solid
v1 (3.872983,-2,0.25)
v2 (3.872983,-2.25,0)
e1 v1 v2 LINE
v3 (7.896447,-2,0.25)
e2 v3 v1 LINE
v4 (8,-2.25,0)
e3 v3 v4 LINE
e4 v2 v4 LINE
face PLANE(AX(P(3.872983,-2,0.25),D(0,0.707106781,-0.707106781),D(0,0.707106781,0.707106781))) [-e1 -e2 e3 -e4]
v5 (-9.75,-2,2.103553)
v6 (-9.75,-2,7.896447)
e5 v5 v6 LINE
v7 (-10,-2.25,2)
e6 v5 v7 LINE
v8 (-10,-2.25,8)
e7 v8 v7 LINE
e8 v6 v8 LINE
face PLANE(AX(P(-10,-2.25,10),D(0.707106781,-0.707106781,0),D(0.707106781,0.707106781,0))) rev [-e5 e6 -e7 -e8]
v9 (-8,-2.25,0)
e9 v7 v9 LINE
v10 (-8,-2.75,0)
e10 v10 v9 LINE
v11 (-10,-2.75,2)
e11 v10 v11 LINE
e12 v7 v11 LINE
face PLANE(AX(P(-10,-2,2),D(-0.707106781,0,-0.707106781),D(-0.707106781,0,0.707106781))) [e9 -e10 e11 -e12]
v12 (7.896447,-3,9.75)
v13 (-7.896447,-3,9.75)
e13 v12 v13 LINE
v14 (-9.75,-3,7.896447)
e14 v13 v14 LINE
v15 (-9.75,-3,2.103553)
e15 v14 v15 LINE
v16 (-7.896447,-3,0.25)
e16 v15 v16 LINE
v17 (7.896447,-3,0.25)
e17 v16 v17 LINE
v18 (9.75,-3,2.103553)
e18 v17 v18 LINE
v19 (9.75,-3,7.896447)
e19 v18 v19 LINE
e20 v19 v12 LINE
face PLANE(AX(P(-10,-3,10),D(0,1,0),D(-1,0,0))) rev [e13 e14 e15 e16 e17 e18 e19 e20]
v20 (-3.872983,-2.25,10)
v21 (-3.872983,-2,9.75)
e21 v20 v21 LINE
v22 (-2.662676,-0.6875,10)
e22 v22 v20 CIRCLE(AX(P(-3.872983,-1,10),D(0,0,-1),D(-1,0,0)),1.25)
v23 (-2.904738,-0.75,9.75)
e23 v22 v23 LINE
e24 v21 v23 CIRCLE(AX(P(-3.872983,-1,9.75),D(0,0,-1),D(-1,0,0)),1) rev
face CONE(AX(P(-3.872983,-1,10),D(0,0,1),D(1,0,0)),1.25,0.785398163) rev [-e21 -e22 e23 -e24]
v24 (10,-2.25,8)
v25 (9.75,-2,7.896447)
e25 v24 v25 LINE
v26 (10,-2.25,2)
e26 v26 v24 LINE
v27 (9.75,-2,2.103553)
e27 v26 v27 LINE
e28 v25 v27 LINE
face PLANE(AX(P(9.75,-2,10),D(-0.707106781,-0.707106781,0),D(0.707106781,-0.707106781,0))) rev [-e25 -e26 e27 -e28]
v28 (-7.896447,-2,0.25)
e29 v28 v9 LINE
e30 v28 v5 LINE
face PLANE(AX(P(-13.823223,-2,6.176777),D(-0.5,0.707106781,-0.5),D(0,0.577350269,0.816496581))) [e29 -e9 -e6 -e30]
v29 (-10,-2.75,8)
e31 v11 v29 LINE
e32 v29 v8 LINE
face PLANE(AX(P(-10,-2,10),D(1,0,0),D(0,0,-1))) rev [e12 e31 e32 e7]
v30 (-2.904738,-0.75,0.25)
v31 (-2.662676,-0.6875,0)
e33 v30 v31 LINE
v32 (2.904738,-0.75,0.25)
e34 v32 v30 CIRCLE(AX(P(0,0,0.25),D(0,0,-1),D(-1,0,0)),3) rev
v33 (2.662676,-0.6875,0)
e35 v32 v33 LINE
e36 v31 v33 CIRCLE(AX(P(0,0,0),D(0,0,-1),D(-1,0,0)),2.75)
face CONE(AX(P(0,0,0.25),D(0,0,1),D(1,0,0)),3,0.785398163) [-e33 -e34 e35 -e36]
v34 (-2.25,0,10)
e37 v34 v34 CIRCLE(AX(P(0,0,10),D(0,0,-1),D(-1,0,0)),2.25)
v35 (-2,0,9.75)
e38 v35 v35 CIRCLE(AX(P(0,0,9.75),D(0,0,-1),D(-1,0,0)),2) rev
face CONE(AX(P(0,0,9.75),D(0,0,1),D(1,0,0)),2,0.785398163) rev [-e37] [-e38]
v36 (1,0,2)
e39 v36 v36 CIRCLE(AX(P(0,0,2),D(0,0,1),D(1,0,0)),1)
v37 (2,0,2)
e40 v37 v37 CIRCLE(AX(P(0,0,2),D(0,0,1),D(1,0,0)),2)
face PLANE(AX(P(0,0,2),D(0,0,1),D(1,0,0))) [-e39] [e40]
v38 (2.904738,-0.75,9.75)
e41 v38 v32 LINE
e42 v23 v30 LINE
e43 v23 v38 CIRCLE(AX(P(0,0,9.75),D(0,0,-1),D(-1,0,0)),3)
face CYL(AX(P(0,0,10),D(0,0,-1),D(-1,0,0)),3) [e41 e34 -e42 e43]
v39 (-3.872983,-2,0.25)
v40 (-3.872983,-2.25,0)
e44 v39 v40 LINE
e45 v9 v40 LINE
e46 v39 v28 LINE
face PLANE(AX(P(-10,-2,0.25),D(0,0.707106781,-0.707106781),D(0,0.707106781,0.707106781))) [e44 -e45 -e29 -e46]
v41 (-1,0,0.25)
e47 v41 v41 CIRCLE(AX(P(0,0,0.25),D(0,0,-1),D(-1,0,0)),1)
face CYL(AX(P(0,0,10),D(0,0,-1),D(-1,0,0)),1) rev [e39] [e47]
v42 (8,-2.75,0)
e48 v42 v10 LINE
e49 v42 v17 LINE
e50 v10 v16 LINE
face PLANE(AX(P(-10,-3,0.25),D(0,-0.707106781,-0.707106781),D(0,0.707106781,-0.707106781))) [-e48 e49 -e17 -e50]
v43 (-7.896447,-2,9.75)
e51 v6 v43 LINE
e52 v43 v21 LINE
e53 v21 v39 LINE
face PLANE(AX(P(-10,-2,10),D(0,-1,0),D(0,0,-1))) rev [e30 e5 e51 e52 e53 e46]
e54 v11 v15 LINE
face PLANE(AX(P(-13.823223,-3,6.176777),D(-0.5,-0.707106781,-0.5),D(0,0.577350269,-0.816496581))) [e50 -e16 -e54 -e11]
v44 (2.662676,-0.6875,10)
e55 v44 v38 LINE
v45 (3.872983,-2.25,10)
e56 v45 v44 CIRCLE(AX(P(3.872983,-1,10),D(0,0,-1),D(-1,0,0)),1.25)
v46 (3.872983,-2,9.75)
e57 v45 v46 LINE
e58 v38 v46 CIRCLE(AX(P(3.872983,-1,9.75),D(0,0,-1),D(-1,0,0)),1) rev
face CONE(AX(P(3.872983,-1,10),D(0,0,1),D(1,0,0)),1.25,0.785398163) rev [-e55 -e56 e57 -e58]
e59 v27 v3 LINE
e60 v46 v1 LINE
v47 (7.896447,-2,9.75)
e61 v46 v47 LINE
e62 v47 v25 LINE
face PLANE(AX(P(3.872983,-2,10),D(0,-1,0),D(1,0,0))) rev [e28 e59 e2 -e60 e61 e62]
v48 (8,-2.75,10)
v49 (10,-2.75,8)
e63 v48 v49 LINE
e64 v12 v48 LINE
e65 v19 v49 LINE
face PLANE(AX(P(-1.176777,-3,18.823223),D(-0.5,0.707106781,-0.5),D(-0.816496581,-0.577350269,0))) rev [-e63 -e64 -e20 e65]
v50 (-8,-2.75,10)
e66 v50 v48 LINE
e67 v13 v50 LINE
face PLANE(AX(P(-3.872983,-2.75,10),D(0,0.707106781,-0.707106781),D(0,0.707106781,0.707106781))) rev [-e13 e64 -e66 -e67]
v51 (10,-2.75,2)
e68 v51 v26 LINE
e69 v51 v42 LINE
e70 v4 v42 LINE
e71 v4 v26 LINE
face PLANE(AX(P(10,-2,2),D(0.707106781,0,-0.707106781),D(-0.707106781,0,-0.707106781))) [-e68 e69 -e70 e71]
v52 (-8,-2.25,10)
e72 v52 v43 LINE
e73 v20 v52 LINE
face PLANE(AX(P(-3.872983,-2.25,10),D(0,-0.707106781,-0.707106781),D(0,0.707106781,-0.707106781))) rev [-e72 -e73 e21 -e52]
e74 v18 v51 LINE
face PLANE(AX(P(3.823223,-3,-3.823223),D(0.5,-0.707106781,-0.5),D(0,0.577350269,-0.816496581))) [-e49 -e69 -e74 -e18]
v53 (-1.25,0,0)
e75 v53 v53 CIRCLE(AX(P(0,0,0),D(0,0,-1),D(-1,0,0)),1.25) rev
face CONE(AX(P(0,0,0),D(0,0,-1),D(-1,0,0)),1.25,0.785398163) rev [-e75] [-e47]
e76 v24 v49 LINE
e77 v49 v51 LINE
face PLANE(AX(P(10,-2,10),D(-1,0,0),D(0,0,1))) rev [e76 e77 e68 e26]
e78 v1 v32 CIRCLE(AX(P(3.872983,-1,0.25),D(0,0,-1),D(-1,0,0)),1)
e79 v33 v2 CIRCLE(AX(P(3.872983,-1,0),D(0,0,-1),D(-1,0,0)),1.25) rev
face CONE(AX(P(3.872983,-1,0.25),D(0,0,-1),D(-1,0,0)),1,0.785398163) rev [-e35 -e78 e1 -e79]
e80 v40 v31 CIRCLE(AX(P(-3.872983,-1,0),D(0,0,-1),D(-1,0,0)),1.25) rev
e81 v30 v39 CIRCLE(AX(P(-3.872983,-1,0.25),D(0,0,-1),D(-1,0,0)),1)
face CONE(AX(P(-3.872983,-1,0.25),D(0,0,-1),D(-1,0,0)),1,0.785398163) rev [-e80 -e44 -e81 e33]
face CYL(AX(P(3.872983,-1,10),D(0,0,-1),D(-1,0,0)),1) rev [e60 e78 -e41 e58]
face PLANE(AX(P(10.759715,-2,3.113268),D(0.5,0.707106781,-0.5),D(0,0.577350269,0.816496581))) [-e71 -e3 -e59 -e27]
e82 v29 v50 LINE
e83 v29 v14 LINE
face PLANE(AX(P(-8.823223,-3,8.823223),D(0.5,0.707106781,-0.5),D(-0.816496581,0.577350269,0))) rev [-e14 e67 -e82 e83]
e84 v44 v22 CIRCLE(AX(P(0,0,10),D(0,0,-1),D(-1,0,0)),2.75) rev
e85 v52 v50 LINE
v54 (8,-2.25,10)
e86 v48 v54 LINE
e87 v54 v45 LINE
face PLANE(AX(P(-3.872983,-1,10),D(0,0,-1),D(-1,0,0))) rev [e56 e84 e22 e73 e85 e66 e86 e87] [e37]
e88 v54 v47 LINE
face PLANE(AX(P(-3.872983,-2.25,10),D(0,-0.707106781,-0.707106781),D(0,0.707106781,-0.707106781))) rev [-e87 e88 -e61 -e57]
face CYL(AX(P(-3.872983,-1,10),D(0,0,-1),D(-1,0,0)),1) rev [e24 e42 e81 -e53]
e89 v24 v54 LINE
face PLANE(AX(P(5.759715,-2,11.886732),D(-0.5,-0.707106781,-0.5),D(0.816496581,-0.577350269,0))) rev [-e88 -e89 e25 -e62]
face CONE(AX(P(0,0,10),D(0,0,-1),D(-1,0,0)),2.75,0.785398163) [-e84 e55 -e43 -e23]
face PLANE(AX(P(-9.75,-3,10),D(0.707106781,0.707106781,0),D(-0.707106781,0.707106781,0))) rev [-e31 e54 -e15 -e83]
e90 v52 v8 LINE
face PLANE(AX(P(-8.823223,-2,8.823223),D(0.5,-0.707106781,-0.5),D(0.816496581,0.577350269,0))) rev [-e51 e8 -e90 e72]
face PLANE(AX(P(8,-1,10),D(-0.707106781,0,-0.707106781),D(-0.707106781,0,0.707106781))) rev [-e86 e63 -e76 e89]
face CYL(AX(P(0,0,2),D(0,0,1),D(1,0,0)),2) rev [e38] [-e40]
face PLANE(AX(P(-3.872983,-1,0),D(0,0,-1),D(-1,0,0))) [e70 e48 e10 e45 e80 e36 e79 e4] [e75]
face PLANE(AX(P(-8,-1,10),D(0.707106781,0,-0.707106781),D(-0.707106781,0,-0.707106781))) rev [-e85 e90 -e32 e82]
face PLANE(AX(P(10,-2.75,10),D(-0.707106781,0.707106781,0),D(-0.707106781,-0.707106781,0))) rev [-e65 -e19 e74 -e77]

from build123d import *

# Parameters (mm, degrees)
ESQUISSE1_R             = 1
BOSS_EXTRU_1_DEPTH      = 10
ESQUISSE2_R             = 2
ENL_V_MAT_EXTRU_1_DEPTH = 8
CHANFREIN1_SIZE         = 2
CHANFREIN2_SIZE         = 0.25


with BuildPart() as part:
    # Esquisse1 → Boss.-Extru.1 (new body)
    with BuildSketch(Plane.XY):
        with BuildLine():
            Line((-10, -3), (10, -3))
            Line((10, -3), (10, -2))
            Line((10, -2), (3.872983346, -2))
            ThreePointArc((3.872983346, -2), (3.082413931, -1.612372436), (2.90473751, -0.75))
            ThreePointArc((2.90473751, -0.75), (0, 3), (-2.90473751, -0.75))
            ThreePointArc((-2.90473751, -0.75), (-3.082413931, -1.612372436), (-3.872983346, -2))
            Line((-3.872983346, -2), (-10, -2))
            Line((-10, -2), (-10, -3))
        make_face()
        Circle(ESQUISSE1_R, mode=Mode.SUBTRACT)
    extrude(amount=BOSS_EXTRU_1_DEPTH)

    # Esquisse2 → Enlèv. mat.-Extru.1 (cut)
    with BuildSketch(Plane.XY.offset(10)):
        Circle(ESQUISSE2_R)
    extrude(amount=-ENL_V_MAT_EXTRU_1_DEPTH, mode=Mode.SUBTRACT)

    # Chanfrein1
    chanfrein1_edges = [part.edges().sort_by_distance(p)[0] for p in [
        (-10, -2.5, 10),
        (10, -2.5, 10),
        (10, -2.5, 0),
        (-10, -2.5, 0),
    ]]
    chamfer(chanfrein1_edges, length=CHANFREIN1_SIZE)

    # Chanfrein2
    chanfrein2_edges = [part.edges().sort_by_distance(p)[0] for p in [
        (-5.936491673, -2, 0),
        (-3.082413931, -1.612372436, 0),
        (-1, 0, 0),
        (3.082413931, -1.612372436, 10),
        (0, 3, 10),
        (-2, 0, 10),
        (0, -3, 10),
        (5.936491673, -2, 10),
        (0, -3, 0),
        (10, -3, 5),
        (-10, -3, 5),
        (9, -3, 9),
        (9, -3, 1),
        (-9, -3, 1),
        (-9, -3, 9),
        (-10, -2, 5),
        (-3.082413931, -1.612372436, 10),
        (-9, -2, 1),
        (-9, -2, 9),
        (5.936491673, -2, 0),
        (10, -2, 5),
        (9, -2, 9),
        (9, -2, 1),
        (-5.936491673, -2, 10),
        (0, 3, 0),
        (3.082413931, -1.612372436, 0),
    ]]
    chamfer(chanfrein2_edges, length=CHANFREIN2_SIZE)


solid = part.part
